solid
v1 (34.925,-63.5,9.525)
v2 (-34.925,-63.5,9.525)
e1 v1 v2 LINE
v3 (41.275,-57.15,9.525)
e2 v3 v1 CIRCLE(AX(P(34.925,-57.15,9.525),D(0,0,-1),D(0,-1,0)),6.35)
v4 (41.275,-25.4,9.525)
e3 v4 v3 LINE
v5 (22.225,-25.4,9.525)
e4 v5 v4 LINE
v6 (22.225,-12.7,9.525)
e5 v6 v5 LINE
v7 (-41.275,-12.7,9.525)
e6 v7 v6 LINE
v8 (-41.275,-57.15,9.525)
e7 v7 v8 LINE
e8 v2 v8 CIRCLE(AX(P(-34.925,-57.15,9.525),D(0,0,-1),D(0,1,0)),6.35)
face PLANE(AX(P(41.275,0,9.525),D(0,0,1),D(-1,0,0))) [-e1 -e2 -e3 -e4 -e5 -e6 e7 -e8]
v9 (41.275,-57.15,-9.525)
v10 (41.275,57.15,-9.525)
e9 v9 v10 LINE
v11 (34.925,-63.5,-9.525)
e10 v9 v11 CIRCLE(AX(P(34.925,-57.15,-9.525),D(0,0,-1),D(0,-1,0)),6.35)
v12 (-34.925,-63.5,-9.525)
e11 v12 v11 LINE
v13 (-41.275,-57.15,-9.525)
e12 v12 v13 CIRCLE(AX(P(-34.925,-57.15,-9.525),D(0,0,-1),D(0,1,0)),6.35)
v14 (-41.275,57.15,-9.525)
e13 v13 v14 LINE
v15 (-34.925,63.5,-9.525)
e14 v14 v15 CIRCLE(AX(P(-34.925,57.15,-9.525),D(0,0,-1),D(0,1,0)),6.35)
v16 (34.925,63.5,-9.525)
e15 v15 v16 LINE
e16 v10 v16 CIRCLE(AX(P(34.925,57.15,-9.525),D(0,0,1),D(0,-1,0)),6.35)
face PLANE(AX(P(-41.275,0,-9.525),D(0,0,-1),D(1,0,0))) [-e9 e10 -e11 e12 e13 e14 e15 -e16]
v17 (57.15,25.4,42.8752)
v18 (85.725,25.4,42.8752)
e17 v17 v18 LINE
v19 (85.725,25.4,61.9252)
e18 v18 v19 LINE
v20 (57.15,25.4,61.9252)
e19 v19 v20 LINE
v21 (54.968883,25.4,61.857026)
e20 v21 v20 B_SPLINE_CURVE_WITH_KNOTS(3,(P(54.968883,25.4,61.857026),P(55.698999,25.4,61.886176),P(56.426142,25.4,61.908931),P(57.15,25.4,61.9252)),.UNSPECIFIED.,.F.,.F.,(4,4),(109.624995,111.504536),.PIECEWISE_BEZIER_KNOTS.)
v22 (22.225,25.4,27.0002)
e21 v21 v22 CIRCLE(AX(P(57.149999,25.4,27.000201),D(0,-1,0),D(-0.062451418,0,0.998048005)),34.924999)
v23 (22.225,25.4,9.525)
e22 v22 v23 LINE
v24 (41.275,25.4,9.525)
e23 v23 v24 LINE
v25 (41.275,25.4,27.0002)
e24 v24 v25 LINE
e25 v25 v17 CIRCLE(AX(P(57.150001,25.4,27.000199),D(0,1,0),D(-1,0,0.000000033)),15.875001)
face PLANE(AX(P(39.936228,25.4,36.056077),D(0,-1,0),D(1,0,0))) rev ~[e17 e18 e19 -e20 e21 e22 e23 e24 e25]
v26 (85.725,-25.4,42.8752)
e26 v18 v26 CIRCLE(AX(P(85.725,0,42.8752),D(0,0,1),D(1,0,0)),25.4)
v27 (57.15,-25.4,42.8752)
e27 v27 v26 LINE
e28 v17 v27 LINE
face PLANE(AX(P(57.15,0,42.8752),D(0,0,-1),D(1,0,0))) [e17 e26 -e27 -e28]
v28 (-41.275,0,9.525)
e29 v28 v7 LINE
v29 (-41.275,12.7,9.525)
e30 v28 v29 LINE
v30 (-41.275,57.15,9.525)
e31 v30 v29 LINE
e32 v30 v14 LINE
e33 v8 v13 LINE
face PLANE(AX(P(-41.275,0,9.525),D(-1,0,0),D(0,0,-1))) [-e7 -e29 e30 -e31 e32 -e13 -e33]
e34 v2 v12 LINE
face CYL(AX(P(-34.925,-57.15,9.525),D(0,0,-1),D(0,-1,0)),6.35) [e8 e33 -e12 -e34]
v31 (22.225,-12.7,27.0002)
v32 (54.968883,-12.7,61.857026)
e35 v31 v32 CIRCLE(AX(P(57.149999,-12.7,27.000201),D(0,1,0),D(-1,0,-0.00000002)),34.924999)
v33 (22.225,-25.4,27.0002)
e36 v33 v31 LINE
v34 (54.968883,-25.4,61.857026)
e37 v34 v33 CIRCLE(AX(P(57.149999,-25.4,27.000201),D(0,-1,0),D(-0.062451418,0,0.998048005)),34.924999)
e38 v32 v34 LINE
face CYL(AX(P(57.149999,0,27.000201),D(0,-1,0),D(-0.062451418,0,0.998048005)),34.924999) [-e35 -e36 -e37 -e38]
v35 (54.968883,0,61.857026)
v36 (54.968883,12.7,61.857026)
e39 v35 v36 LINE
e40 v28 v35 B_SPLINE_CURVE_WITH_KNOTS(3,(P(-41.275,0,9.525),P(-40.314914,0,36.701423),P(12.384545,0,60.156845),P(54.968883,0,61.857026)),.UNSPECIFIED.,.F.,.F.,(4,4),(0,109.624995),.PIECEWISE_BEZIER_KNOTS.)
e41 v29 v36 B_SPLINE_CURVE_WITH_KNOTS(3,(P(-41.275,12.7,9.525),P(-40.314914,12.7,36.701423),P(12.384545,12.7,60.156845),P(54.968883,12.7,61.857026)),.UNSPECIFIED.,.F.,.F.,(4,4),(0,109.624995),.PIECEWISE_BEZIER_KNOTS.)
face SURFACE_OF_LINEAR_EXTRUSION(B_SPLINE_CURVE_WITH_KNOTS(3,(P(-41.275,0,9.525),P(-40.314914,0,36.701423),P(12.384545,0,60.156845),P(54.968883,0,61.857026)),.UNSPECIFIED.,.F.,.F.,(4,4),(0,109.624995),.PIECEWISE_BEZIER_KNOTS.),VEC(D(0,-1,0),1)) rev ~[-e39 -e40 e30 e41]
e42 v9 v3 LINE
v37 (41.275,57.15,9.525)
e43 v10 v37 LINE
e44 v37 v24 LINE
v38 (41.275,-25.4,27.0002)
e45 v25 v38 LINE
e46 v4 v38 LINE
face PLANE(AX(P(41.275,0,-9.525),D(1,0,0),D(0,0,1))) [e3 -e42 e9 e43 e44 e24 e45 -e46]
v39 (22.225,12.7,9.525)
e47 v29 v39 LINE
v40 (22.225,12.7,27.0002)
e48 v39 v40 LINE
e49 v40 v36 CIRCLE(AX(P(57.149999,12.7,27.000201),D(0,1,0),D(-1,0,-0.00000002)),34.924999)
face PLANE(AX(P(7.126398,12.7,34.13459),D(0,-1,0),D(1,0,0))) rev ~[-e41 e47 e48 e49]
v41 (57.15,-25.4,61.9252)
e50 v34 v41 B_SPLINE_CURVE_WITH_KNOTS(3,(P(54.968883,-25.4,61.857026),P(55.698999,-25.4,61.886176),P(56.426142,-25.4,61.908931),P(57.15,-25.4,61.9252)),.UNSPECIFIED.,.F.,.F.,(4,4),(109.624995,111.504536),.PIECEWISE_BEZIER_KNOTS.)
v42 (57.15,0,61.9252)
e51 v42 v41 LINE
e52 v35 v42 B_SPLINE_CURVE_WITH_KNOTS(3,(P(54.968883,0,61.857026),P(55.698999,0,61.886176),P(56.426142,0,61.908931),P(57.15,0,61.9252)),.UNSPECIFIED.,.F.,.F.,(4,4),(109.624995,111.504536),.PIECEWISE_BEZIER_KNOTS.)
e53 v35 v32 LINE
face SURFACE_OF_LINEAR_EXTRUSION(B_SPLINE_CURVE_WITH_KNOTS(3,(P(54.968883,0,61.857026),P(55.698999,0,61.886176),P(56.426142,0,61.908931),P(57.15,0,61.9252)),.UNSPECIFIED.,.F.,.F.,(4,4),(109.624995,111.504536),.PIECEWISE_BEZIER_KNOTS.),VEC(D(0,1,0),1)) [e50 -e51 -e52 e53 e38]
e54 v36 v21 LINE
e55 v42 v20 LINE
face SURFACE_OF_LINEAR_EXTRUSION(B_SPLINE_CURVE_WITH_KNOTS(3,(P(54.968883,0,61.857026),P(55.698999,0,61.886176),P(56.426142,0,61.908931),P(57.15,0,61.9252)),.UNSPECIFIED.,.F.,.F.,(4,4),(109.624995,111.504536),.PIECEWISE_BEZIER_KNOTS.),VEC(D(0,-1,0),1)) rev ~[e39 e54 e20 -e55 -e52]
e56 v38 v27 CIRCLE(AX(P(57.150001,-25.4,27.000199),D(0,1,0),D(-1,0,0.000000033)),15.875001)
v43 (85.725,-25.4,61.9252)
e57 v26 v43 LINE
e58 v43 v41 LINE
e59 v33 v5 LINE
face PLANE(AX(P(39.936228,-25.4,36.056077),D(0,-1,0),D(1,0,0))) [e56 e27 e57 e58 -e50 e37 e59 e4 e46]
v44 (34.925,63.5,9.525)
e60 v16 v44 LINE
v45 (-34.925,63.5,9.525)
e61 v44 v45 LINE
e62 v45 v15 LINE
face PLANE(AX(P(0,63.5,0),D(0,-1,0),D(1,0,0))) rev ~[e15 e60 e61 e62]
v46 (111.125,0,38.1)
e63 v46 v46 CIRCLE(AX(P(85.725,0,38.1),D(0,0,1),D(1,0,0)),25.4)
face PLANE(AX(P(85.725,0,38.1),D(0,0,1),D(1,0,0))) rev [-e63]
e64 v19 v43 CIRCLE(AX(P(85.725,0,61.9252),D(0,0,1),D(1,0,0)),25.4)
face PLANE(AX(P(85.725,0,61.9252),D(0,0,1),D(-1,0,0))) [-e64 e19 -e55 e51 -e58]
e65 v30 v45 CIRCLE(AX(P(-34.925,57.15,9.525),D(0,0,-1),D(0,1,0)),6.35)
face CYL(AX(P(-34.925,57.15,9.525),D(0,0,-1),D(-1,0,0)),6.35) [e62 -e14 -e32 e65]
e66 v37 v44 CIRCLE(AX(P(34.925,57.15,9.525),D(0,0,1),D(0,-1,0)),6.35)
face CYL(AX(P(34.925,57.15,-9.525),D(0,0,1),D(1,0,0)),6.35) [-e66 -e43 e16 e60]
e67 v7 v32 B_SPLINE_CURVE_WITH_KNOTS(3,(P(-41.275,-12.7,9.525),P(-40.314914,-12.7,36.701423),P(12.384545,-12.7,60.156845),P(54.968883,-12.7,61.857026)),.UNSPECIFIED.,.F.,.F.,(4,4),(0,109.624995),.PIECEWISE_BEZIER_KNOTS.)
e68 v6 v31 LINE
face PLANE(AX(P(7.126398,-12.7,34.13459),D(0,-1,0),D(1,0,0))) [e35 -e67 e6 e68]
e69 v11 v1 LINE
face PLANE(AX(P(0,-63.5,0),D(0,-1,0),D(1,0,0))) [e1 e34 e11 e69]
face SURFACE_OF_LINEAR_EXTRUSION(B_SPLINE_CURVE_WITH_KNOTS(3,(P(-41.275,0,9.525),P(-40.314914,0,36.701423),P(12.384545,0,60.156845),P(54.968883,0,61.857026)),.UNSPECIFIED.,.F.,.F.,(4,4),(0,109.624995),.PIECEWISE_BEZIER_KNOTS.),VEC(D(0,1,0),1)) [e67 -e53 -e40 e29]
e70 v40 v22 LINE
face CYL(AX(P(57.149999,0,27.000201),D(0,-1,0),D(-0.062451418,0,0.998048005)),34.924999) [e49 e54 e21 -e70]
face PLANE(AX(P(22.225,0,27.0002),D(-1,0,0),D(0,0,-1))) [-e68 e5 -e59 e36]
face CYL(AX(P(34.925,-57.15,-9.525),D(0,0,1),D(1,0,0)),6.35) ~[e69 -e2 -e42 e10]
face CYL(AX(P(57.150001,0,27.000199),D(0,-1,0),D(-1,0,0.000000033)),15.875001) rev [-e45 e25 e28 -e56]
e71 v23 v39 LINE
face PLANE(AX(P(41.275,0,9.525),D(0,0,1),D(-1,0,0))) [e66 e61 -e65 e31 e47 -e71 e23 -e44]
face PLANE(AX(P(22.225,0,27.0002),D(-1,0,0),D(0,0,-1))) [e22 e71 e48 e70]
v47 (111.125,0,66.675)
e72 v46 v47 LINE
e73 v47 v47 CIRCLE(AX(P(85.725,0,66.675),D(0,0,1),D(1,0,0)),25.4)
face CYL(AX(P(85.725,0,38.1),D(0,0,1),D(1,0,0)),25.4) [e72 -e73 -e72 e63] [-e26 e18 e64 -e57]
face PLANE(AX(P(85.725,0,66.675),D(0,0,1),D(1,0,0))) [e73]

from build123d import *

# Parameters (mm, degrees)
F1_DEPTH = 63.5
F0_W     = 25.4
F0_H     = 19.05
F2_DEPTH = 25.4
F3_DEPTH = 12.7
F5_R     = 6.35


with BuildPart() as f1:
    # F0 (on Front) → F1 (new body, symmetric)
    with BuildSketch(Plane.XZ):
        Polygon((41.275, -9.525), (41.275, 9.525), (22.225, 9.525), (-41.275, 9.525), (-41.275, -9.525), align=None)
    extrude(amount=F1_DEPTH, both=True)

    # F0 (on Front) → F2 (join, symmetric)
    with BuildSketch(Plane.XZ):
        with BuildLine():
            Line((22.225, 9.525), (41.275, 9.525))
            Line((41.275, 9.525), (41.275, 27.0002))
            ThreePointArc((41.275, 27.0002), (45.92468, 38.22552), (57.15, 42.8752))
            Line((57.15, 42.8752), (60.325, 42.8752))
            Line((60.325, 42.8752), (60.325, 61.9252))
            Line((60.325, 61.9252), (57.15, 61.9252))
            add(Edge.make_bspline(
                [(54.968883, 61.857026), (55.698999, 61.886176), (56.426142, 61.908931), (57.15, 61.9252)],
                knots=[109.624995, 109.624995, 109.624995, 109.624995, 111.504536, 111.504536, 111.504536, 111.504536], degree=3))
            ThreePointArc((54.968883, 61.857026), (31.694832, 50.912332), (22.225, 27.0002))
            Line((22.225, 27.0002), (22.225, 9.525))
        make_face()
        with Locations((73.025, 52.4002)):
            Rectangle(F0_W, F0_H)
    extrude(amount=F2_DEPTH, both=True)

    # F0 (on Front) → F3 (join, symmetric)
    with BuildSketch(Plane.XZ):
        with BuildLine():
            Line((-41.275, 9.525), (22.225, 9.525))
            Line((22.225, 9.525), (22.225, 27.0002))
            ThreePointArc((22.225, 27.0002), (31.694832, 50.912332), (54.968883, 61.857026))
            add(Edge.make_bspline(
                [(-41.275, 9.525), (-40.314914, 36.701423), (12.384545, 60.156845), (54.968883, 61.857026)],
                knots=[0, 0, 0, 0, 109.624995, 109.624995, 109.624995, 109.624995], degree=3))
        make_face()
    extrude(amount=F3_DEPTH, both=True)

    # F0 (on Front) → F4 (revolve)
    with BuildSketch(Plane.XZ):
        Polygon((85.725, 61.9252), (85.725, 42.8752), (85.725, 38.1), (111.125, 38.1), (111.125, 66.675), (85.725, 66.675), align=None)
    revolve(axis=Axis((85.725, 0, 52.3875), (0, 0, 1)))

    # F5
    f5_edges = [f1.edges().sort_by_distance(p)[0] for p in [
        (41.275, -63.5, 0),
        (-41.275, -63.5, 0),
        (-41.275, 63.5, 0),
        (41.275, 63.5, 0),
    ]]
    fillet(f5_edges, radius=F5_R)


solid = f1.part
